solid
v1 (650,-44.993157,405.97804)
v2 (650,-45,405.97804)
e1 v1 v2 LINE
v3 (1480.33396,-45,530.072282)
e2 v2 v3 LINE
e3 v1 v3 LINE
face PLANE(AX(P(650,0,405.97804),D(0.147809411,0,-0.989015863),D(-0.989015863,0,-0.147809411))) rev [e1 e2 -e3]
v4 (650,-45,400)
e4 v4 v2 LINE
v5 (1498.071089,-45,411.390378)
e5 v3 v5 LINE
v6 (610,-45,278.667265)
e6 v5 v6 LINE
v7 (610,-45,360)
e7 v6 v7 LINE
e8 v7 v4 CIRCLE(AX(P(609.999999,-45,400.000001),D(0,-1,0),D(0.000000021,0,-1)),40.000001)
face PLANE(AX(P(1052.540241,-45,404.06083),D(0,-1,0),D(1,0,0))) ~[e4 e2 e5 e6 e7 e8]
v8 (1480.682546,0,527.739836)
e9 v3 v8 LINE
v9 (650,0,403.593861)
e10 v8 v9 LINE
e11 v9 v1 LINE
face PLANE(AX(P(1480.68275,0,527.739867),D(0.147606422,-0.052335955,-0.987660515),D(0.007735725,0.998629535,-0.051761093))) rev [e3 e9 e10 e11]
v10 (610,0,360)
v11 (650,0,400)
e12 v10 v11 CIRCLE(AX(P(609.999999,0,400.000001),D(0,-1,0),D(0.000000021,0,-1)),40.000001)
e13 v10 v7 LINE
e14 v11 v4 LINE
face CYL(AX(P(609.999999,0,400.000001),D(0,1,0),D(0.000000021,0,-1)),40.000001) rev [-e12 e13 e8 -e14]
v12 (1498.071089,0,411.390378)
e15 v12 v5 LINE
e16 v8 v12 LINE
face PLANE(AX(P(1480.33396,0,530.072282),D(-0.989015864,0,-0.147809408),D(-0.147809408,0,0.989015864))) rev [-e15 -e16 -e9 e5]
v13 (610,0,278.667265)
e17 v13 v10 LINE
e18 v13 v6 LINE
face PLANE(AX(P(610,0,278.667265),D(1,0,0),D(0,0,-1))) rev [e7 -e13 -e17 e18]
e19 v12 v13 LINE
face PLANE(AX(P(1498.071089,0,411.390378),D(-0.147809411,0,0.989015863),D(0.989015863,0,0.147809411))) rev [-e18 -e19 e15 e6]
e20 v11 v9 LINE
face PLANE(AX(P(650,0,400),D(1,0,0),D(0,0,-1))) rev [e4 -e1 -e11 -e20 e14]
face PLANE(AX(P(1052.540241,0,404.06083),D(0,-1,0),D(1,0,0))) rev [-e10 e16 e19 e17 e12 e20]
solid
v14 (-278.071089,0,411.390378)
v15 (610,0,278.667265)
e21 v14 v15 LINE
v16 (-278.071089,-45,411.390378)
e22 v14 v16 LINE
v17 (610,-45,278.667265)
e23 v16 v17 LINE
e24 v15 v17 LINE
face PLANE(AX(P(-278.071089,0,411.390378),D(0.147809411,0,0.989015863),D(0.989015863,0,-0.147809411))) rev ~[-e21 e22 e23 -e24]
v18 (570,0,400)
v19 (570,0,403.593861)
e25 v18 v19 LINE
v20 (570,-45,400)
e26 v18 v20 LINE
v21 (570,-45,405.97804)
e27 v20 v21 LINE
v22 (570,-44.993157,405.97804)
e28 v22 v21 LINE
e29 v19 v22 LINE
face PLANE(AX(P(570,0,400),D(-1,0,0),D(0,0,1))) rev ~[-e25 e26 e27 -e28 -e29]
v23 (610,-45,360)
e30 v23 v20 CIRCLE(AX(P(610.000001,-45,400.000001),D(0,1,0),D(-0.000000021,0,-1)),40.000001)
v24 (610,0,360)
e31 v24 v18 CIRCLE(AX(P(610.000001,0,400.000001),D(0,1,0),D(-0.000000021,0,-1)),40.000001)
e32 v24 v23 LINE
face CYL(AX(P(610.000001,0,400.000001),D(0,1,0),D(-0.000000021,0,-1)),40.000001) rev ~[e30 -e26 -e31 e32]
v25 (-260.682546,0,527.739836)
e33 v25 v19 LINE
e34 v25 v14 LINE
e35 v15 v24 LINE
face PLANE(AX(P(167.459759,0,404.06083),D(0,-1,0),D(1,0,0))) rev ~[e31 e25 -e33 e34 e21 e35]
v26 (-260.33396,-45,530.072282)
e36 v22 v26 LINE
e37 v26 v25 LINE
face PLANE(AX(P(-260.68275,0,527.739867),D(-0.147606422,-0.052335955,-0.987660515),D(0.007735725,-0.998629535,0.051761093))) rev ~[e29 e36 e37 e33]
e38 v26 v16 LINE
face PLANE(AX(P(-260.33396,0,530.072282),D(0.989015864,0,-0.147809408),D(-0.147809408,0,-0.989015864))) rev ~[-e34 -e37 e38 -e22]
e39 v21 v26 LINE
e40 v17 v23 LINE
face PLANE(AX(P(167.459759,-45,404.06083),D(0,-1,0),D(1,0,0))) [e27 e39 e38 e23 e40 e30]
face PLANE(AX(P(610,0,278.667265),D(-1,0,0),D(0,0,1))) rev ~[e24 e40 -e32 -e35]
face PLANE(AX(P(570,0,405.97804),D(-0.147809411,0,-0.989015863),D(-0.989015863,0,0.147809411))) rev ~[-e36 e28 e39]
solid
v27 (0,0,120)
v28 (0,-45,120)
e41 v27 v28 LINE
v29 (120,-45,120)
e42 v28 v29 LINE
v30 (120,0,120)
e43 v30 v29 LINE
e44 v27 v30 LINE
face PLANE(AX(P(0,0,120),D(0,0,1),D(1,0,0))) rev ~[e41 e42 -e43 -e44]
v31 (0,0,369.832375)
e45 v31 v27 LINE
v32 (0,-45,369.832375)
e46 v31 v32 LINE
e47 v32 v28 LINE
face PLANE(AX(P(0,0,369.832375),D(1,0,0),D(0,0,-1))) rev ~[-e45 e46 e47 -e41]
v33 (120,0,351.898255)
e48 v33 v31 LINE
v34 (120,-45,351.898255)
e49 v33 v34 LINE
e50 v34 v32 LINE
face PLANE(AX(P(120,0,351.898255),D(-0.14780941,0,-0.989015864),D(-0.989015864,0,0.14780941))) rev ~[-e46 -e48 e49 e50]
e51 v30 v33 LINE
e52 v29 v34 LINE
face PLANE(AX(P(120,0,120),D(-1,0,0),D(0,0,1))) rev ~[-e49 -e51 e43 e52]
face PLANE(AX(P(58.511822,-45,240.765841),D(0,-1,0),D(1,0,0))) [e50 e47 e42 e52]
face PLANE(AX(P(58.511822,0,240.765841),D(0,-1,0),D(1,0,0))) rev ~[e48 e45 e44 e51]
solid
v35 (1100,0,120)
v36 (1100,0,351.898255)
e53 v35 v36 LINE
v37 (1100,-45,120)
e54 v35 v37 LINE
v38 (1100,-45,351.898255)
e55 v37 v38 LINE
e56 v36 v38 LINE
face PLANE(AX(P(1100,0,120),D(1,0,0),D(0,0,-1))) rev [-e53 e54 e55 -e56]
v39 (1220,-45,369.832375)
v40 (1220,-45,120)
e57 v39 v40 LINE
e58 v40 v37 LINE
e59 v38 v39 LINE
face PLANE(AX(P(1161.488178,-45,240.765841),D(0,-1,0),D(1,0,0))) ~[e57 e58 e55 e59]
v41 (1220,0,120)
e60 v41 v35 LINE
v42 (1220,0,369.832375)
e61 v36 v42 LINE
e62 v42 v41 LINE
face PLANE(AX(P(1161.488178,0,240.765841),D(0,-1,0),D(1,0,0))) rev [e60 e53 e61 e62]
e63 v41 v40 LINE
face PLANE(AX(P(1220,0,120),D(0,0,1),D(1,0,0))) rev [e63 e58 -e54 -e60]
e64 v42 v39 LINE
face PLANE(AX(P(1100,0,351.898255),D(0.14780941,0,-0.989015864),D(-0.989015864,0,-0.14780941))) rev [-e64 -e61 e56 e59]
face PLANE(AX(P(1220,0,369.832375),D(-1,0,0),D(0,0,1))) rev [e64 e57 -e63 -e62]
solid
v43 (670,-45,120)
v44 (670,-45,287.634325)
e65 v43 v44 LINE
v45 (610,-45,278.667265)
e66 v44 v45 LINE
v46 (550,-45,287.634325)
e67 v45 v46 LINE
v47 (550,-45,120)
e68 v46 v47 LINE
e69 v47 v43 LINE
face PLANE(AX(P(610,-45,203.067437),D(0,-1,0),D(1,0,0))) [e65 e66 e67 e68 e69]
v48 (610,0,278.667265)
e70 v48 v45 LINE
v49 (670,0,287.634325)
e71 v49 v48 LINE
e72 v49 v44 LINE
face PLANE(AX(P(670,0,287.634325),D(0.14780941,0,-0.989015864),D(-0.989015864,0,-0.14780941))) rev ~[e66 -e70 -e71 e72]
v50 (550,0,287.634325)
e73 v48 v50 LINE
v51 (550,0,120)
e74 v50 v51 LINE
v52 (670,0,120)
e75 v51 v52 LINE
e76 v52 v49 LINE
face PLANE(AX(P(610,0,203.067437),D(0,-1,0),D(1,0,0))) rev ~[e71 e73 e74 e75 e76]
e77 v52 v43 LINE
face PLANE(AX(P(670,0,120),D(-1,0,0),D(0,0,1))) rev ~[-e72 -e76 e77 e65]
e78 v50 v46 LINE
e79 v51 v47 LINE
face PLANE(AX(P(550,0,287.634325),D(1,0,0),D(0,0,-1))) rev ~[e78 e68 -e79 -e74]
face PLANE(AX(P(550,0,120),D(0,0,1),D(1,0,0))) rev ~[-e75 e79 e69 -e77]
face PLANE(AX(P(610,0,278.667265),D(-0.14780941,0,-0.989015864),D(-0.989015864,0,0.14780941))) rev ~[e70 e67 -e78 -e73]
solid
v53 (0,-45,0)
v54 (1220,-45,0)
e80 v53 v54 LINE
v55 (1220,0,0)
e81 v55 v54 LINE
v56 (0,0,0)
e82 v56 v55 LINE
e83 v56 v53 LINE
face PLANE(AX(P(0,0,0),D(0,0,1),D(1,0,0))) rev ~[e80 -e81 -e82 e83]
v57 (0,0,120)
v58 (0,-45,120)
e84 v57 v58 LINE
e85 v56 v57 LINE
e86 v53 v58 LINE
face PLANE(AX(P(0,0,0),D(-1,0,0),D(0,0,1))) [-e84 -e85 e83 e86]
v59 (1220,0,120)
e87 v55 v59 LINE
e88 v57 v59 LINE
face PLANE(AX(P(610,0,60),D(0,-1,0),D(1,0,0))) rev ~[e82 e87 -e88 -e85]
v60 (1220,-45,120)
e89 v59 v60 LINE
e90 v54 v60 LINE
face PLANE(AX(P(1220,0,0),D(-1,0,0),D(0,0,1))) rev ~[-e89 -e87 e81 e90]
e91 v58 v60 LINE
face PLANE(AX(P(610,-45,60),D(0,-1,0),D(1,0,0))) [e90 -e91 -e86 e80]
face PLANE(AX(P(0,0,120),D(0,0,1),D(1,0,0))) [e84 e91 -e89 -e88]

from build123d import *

# Parameters (mm, degrees)
F0_W      = 1220
F0_H      = 120
F1_DEPTH  = 45
F3_DEPTH  = 45
F5_DEPTH  = 1542.424441
F7_DEPTH  = 45
F11_DEPTH = 45


with BuildPart() as f1:
    # F0 (on Front) → F1 (new body)
    with BuildSketch(Plane.XZ):
        with Locations((610, 60)):
            Rectangle(F0_W, F0_H)
    extrude(amount=F1_DEPTH)


with BuildPart() as f3:
    # F2 (on Front) → F3 (new body)
    with BuildSketch(Plane.XZ):
        with BuildLine():
            Line((570, 400), (570, 405.97804))
            Line((570, 405.97804), (-260.33396, 530.072282))
            Line((-260.33396, 530.072282), (-278.071089, 411.390378))
            Line((-278.071089, 411.390378), (610, 278.667265))
            Line((610, 278.667265), (610, 360))
            ThreePointArc((610, 360), (581.715729, 371.715729), (570, 400))
        make_face()
    extrude(amount=F3_DEPTH)

    # F4 (on face) → F5 (cut, through all)
    with BuildSketch(Plane(origin=(-332.13535, 0, 49.637961), x_dir=(0, -1, 0), z_dir=(-0.989016, 0, 0.147809))):
        Polygon((45, 485.770086), (0, 485.770086), (0, 483.411736), align=None)
    extrude(amount=-F5_DEPTH, mode=Mode.SUBTRACT)


with BuildPart() as f7:
    # F6 (on Front) → F7 (new body)
    with BuildSketch(Plane.XZ):
        Polygon((0, 369.832375), (0, 120), (120, 120), (120, 351.898255), align=None)
    extrude(amount=F7_DEPTH)


with BuildPart() as f9_1:
    # F9: instance of F3
    add(f3.part.mirror(Plane.YZ.offset(610)))


with BuildPart() as f9_2:
    # F9: instance of F7
    add(f7.part.mirror(Plane.YZ.offset(610)))


with BuildPart() as f11:
    # F10 (on Front) → F11 (new body)
    with BuildSketch(Plane.XZ):
        Polygon((550, 120), (670, 120), (670, 287.634325), (610, 278.667265), (550, 287.634325), align=None)
    extrude(amount=F11_DEPTH)


solid = Compound([f1.part, f3.part, f7.part, f9_1.part, f9_2.part, f11.part])
